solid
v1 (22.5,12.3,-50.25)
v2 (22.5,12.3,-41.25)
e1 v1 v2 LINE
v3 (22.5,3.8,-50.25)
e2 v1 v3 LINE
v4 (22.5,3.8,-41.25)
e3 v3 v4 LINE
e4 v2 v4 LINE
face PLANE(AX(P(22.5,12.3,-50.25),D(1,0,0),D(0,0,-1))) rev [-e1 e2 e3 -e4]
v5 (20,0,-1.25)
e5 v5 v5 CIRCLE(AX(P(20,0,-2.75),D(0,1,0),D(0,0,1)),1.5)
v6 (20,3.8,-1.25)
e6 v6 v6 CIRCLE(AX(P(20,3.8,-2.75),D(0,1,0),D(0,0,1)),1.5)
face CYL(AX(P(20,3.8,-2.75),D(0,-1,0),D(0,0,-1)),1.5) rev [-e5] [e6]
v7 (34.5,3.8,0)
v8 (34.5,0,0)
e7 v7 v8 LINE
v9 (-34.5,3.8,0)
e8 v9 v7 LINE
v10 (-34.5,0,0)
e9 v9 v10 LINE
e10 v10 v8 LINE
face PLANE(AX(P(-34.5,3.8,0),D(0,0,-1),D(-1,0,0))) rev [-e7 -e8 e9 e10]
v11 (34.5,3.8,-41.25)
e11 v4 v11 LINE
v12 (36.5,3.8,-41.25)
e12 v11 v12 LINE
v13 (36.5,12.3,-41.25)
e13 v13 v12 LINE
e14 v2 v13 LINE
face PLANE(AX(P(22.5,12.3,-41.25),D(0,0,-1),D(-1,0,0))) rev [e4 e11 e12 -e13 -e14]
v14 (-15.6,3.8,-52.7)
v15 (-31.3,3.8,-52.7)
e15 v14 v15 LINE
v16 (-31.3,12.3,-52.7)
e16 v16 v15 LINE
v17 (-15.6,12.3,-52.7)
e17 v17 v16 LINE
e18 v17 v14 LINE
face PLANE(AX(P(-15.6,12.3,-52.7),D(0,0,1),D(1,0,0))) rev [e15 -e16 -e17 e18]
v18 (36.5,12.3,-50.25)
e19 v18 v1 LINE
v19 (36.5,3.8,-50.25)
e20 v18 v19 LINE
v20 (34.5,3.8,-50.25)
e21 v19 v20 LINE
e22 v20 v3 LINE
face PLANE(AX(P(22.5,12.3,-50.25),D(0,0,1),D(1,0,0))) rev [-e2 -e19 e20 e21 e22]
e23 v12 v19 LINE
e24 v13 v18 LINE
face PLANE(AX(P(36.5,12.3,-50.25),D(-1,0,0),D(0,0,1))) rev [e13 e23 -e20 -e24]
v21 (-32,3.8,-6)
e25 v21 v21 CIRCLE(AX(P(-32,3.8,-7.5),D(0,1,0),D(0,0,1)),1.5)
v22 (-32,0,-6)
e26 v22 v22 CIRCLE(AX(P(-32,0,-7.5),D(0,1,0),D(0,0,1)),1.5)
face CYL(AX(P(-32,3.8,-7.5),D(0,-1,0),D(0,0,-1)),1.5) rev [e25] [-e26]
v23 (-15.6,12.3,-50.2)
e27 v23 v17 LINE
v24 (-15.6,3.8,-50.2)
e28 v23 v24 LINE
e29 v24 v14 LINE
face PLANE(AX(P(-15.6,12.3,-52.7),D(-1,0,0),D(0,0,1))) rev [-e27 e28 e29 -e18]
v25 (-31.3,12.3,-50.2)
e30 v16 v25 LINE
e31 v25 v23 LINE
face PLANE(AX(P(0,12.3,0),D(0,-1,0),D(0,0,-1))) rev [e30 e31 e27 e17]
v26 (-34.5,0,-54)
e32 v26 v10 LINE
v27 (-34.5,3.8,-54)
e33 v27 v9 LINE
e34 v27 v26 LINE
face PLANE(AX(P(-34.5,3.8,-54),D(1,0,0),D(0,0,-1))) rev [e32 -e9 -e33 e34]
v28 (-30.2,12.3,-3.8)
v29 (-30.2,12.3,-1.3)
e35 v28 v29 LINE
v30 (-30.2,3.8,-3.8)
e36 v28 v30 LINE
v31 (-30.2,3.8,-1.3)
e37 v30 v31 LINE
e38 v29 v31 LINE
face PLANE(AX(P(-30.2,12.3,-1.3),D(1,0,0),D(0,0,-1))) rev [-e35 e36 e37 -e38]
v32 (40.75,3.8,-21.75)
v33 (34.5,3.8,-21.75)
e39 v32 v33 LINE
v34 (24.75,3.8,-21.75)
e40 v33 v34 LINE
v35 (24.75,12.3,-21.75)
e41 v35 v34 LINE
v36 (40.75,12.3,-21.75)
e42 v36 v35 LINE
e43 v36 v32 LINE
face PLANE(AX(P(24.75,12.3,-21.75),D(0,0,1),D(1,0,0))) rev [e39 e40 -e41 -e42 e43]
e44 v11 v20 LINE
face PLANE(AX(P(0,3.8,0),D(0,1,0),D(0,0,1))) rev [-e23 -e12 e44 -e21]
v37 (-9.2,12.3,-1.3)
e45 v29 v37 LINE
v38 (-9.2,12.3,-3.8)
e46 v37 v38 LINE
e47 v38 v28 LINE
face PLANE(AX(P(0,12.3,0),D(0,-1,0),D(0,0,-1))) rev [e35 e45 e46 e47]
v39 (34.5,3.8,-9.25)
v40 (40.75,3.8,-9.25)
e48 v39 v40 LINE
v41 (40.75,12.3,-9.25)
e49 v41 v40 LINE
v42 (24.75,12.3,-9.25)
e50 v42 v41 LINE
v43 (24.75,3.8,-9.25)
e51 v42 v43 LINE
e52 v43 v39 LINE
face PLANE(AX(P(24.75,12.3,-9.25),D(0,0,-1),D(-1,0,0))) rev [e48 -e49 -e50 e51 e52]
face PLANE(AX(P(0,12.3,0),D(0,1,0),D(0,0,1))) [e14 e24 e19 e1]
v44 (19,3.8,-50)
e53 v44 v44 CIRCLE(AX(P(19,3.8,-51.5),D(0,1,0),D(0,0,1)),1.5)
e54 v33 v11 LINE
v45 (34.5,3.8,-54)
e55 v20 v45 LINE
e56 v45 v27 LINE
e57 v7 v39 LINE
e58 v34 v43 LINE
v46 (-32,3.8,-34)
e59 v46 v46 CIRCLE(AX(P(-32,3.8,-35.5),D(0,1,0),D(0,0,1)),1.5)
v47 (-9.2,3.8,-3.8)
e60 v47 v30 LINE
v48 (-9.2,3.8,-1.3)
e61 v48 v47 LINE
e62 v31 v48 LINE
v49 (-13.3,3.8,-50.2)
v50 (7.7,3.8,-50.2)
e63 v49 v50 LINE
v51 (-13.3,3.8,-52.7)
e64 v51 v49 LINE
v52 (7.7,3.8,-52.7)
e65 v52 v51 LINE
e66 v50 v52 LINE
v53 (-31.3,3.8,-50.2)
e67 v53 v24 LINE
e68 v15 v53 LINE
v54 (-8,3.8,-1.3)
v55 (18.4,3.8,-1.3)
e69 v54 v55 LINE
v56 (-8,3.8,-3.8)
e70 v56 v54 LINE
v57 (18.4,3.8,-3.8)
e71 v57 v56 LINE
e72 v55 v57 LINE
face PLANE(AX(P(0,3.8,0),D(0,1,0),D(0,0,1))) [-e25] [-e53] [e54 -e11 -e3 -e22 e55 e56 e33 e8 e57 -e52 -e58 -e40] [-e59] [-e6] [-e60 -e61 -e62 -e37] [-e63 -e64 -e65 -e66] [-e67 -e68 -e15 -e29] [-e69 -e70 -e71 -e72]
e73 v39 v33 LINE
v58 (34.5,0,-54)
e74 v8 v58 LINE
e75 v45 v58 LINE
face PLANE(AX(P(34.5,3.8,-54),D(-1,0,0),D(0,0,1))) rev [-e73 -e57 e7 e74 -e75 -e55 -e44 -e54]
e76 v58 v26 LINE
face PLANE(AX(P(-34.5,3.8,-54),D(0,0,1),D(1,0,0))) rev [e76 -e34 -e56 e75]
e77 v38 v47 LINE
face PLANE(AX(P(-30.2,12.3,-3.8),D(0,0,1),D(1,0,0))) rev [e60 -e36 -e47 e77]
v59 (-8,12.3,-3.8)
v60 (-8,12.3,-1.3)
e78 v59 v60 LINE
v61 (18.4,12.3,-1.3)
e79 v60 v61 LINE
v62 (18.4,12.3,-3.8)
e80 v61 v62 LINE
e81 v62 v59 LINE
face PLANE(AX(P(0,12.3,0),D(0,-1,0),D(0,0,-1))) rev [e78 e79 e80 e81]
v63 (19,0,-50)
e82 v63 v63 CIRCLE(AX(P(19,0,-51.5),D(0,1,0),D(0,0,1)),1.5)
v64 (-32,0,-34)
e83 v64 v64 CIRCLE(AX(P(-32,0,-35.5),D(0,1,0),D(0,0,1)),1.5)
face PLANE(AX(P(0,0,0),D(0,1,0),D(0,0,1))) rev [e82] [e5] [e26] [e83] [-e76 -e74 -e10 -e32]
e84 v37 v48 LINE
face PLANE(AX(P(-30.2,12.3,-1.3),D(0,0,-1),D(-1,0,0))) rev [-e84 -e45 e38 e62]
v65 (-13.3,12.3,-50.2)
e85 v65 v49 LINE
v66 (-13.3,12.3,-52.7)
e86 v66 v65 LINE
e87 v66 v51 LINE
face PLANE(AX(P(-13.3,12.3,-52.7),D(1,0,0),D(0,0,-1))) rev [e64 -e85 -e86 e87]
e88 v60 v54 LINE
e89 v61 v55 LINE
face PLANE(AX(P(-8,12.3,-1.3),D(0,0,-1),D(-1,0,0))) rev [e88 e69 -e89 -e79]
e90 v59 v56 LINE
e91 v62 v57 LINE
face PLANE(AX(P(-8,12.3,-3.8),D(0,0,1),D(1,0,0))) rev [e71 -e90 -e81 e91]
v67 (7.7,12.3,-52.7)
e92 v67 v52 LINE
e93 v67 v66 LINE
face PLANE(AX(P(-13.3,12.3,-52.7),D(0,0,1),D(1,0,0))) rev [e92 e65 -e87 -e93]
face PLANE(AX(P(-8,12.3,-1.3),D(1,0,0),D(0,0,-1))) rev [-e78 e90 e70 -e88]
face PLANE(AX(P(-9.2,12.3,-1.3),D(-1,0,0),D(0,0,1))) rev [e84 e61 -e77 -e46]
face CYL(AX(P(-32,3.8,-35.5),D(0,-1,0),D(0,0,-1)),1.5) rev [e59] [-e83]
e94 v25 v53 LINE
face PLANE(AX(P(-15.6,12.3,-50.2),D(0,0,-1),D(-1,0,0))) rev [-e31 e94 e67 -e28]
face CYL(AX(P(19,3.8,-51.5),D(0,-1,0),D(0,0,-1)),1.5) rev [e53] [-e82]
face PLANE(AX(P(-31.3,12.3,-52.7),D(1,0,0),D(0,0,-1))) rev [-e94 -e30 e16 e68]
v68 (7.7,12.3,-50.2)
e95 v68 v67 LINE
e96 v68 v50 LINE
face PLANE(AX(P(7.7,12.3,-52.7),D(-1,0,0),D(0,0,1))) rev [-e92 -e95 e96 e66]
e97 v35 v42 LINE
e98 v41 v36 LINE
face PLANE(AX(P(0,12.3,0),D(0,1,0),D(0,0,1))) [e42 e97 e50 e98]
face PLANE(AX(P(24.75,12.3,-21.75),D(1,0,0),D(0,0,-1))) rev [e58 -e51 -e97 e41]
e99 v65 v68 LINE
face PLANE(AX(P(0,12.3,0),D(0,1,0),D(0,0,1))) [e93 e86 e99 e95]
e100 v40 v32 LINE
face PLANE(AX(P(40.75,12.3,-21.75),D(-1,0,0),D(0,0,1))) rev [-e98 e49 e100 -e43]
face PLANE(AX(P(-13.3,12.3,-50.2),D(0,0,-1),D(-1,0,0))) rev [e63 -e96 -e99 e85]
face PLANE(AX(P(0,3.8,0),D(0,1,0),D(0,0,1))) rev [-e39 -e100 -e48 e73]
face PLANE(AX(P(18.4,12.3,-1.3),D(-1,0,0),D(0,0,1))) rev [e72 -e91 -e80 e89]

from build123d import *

# Parameters (mm, degrees)
SKETCH1_W           = 69
SKETCH1_H           = 54
SKETCH1_R           = 1.5
BOSS_EXTRUDE1_DEPTH = 3.8
SKETCH2_W           = 16
SKETCH2_H           = 12.5
SKETCH2_W_2         = 14
SKETCH2_H_2         = 9
SKETCH2_W_3         = 21
SKETCH2_H_3         = 2.5
SKETCH2_W_4         = 26.4
SKETCH2_W_5         = 15.7
BOSS_EXTRUDE2_DEPTH = 8.5


with BuildPart() as part:
    # Sketch1 → Boss-Extrude1 (new body)
    with BuildSketch(Plane(origin=(0, 0, 0), x_dir=(1, 0, 0), z_dir=(0, 1, 0))):
        with Locations((0, 27)):
            Rectangle(SKETCH1_W, SKETCH1_H)
        with Locations((-32, 7.5)):
            Circle(SKETCH1_R, mode=Mode.SUBTRACT)
        with Locations((-32, 35.5)):
            Circle(SKETCH1_R, mode=Mode.SUBTRACT)
        with Locations((19, 51.5)):
            Circle(SKETCH1_R, mode=Mode.SUBTRACT)
        with Locations((20, 2.75)):
            Circle(SKETCH1_R, mode=Mode.SUBTRACT)
    extrude(amount=BOSS_EXTRUDE1_DEPTH)

    # Sketch2 → Boss-Extrude2 (add)
    with BuildSketch(Plane(origin=(0, 3.8, 0), x_dir=(1, 0, 0), z_dir=(0, 1, 0))):
        with Locations((32.75, 15.5)):
            Rectangle(SKETCH2_W, SKETCH2_H)
        with Locations((29.5, 45.75)):
            Rectangle(SKETCH2_W_2, SKETCH2_H_2)
        with Locations((-19.7, 2.55)):
            Rectangle(SKETCH2_W_3, SKETCH2_H_3)
        with Locations((5.2, 2.55)):
            Rectangle(SKETCH2_W_4, SKETCH2_H_3)
        with Locations((-23.45, 51.45)):
            Rectangle(SKETCH2_W_5, SKETCH2_H_3)
        with Locations((-2.8, 51.45)):
            Rectangle(SKETCH2_W_3, SKETCH2_H_3)
    extrude(amount=BOSS_EXTRUDE2_DEPTH)


solid = part.part
